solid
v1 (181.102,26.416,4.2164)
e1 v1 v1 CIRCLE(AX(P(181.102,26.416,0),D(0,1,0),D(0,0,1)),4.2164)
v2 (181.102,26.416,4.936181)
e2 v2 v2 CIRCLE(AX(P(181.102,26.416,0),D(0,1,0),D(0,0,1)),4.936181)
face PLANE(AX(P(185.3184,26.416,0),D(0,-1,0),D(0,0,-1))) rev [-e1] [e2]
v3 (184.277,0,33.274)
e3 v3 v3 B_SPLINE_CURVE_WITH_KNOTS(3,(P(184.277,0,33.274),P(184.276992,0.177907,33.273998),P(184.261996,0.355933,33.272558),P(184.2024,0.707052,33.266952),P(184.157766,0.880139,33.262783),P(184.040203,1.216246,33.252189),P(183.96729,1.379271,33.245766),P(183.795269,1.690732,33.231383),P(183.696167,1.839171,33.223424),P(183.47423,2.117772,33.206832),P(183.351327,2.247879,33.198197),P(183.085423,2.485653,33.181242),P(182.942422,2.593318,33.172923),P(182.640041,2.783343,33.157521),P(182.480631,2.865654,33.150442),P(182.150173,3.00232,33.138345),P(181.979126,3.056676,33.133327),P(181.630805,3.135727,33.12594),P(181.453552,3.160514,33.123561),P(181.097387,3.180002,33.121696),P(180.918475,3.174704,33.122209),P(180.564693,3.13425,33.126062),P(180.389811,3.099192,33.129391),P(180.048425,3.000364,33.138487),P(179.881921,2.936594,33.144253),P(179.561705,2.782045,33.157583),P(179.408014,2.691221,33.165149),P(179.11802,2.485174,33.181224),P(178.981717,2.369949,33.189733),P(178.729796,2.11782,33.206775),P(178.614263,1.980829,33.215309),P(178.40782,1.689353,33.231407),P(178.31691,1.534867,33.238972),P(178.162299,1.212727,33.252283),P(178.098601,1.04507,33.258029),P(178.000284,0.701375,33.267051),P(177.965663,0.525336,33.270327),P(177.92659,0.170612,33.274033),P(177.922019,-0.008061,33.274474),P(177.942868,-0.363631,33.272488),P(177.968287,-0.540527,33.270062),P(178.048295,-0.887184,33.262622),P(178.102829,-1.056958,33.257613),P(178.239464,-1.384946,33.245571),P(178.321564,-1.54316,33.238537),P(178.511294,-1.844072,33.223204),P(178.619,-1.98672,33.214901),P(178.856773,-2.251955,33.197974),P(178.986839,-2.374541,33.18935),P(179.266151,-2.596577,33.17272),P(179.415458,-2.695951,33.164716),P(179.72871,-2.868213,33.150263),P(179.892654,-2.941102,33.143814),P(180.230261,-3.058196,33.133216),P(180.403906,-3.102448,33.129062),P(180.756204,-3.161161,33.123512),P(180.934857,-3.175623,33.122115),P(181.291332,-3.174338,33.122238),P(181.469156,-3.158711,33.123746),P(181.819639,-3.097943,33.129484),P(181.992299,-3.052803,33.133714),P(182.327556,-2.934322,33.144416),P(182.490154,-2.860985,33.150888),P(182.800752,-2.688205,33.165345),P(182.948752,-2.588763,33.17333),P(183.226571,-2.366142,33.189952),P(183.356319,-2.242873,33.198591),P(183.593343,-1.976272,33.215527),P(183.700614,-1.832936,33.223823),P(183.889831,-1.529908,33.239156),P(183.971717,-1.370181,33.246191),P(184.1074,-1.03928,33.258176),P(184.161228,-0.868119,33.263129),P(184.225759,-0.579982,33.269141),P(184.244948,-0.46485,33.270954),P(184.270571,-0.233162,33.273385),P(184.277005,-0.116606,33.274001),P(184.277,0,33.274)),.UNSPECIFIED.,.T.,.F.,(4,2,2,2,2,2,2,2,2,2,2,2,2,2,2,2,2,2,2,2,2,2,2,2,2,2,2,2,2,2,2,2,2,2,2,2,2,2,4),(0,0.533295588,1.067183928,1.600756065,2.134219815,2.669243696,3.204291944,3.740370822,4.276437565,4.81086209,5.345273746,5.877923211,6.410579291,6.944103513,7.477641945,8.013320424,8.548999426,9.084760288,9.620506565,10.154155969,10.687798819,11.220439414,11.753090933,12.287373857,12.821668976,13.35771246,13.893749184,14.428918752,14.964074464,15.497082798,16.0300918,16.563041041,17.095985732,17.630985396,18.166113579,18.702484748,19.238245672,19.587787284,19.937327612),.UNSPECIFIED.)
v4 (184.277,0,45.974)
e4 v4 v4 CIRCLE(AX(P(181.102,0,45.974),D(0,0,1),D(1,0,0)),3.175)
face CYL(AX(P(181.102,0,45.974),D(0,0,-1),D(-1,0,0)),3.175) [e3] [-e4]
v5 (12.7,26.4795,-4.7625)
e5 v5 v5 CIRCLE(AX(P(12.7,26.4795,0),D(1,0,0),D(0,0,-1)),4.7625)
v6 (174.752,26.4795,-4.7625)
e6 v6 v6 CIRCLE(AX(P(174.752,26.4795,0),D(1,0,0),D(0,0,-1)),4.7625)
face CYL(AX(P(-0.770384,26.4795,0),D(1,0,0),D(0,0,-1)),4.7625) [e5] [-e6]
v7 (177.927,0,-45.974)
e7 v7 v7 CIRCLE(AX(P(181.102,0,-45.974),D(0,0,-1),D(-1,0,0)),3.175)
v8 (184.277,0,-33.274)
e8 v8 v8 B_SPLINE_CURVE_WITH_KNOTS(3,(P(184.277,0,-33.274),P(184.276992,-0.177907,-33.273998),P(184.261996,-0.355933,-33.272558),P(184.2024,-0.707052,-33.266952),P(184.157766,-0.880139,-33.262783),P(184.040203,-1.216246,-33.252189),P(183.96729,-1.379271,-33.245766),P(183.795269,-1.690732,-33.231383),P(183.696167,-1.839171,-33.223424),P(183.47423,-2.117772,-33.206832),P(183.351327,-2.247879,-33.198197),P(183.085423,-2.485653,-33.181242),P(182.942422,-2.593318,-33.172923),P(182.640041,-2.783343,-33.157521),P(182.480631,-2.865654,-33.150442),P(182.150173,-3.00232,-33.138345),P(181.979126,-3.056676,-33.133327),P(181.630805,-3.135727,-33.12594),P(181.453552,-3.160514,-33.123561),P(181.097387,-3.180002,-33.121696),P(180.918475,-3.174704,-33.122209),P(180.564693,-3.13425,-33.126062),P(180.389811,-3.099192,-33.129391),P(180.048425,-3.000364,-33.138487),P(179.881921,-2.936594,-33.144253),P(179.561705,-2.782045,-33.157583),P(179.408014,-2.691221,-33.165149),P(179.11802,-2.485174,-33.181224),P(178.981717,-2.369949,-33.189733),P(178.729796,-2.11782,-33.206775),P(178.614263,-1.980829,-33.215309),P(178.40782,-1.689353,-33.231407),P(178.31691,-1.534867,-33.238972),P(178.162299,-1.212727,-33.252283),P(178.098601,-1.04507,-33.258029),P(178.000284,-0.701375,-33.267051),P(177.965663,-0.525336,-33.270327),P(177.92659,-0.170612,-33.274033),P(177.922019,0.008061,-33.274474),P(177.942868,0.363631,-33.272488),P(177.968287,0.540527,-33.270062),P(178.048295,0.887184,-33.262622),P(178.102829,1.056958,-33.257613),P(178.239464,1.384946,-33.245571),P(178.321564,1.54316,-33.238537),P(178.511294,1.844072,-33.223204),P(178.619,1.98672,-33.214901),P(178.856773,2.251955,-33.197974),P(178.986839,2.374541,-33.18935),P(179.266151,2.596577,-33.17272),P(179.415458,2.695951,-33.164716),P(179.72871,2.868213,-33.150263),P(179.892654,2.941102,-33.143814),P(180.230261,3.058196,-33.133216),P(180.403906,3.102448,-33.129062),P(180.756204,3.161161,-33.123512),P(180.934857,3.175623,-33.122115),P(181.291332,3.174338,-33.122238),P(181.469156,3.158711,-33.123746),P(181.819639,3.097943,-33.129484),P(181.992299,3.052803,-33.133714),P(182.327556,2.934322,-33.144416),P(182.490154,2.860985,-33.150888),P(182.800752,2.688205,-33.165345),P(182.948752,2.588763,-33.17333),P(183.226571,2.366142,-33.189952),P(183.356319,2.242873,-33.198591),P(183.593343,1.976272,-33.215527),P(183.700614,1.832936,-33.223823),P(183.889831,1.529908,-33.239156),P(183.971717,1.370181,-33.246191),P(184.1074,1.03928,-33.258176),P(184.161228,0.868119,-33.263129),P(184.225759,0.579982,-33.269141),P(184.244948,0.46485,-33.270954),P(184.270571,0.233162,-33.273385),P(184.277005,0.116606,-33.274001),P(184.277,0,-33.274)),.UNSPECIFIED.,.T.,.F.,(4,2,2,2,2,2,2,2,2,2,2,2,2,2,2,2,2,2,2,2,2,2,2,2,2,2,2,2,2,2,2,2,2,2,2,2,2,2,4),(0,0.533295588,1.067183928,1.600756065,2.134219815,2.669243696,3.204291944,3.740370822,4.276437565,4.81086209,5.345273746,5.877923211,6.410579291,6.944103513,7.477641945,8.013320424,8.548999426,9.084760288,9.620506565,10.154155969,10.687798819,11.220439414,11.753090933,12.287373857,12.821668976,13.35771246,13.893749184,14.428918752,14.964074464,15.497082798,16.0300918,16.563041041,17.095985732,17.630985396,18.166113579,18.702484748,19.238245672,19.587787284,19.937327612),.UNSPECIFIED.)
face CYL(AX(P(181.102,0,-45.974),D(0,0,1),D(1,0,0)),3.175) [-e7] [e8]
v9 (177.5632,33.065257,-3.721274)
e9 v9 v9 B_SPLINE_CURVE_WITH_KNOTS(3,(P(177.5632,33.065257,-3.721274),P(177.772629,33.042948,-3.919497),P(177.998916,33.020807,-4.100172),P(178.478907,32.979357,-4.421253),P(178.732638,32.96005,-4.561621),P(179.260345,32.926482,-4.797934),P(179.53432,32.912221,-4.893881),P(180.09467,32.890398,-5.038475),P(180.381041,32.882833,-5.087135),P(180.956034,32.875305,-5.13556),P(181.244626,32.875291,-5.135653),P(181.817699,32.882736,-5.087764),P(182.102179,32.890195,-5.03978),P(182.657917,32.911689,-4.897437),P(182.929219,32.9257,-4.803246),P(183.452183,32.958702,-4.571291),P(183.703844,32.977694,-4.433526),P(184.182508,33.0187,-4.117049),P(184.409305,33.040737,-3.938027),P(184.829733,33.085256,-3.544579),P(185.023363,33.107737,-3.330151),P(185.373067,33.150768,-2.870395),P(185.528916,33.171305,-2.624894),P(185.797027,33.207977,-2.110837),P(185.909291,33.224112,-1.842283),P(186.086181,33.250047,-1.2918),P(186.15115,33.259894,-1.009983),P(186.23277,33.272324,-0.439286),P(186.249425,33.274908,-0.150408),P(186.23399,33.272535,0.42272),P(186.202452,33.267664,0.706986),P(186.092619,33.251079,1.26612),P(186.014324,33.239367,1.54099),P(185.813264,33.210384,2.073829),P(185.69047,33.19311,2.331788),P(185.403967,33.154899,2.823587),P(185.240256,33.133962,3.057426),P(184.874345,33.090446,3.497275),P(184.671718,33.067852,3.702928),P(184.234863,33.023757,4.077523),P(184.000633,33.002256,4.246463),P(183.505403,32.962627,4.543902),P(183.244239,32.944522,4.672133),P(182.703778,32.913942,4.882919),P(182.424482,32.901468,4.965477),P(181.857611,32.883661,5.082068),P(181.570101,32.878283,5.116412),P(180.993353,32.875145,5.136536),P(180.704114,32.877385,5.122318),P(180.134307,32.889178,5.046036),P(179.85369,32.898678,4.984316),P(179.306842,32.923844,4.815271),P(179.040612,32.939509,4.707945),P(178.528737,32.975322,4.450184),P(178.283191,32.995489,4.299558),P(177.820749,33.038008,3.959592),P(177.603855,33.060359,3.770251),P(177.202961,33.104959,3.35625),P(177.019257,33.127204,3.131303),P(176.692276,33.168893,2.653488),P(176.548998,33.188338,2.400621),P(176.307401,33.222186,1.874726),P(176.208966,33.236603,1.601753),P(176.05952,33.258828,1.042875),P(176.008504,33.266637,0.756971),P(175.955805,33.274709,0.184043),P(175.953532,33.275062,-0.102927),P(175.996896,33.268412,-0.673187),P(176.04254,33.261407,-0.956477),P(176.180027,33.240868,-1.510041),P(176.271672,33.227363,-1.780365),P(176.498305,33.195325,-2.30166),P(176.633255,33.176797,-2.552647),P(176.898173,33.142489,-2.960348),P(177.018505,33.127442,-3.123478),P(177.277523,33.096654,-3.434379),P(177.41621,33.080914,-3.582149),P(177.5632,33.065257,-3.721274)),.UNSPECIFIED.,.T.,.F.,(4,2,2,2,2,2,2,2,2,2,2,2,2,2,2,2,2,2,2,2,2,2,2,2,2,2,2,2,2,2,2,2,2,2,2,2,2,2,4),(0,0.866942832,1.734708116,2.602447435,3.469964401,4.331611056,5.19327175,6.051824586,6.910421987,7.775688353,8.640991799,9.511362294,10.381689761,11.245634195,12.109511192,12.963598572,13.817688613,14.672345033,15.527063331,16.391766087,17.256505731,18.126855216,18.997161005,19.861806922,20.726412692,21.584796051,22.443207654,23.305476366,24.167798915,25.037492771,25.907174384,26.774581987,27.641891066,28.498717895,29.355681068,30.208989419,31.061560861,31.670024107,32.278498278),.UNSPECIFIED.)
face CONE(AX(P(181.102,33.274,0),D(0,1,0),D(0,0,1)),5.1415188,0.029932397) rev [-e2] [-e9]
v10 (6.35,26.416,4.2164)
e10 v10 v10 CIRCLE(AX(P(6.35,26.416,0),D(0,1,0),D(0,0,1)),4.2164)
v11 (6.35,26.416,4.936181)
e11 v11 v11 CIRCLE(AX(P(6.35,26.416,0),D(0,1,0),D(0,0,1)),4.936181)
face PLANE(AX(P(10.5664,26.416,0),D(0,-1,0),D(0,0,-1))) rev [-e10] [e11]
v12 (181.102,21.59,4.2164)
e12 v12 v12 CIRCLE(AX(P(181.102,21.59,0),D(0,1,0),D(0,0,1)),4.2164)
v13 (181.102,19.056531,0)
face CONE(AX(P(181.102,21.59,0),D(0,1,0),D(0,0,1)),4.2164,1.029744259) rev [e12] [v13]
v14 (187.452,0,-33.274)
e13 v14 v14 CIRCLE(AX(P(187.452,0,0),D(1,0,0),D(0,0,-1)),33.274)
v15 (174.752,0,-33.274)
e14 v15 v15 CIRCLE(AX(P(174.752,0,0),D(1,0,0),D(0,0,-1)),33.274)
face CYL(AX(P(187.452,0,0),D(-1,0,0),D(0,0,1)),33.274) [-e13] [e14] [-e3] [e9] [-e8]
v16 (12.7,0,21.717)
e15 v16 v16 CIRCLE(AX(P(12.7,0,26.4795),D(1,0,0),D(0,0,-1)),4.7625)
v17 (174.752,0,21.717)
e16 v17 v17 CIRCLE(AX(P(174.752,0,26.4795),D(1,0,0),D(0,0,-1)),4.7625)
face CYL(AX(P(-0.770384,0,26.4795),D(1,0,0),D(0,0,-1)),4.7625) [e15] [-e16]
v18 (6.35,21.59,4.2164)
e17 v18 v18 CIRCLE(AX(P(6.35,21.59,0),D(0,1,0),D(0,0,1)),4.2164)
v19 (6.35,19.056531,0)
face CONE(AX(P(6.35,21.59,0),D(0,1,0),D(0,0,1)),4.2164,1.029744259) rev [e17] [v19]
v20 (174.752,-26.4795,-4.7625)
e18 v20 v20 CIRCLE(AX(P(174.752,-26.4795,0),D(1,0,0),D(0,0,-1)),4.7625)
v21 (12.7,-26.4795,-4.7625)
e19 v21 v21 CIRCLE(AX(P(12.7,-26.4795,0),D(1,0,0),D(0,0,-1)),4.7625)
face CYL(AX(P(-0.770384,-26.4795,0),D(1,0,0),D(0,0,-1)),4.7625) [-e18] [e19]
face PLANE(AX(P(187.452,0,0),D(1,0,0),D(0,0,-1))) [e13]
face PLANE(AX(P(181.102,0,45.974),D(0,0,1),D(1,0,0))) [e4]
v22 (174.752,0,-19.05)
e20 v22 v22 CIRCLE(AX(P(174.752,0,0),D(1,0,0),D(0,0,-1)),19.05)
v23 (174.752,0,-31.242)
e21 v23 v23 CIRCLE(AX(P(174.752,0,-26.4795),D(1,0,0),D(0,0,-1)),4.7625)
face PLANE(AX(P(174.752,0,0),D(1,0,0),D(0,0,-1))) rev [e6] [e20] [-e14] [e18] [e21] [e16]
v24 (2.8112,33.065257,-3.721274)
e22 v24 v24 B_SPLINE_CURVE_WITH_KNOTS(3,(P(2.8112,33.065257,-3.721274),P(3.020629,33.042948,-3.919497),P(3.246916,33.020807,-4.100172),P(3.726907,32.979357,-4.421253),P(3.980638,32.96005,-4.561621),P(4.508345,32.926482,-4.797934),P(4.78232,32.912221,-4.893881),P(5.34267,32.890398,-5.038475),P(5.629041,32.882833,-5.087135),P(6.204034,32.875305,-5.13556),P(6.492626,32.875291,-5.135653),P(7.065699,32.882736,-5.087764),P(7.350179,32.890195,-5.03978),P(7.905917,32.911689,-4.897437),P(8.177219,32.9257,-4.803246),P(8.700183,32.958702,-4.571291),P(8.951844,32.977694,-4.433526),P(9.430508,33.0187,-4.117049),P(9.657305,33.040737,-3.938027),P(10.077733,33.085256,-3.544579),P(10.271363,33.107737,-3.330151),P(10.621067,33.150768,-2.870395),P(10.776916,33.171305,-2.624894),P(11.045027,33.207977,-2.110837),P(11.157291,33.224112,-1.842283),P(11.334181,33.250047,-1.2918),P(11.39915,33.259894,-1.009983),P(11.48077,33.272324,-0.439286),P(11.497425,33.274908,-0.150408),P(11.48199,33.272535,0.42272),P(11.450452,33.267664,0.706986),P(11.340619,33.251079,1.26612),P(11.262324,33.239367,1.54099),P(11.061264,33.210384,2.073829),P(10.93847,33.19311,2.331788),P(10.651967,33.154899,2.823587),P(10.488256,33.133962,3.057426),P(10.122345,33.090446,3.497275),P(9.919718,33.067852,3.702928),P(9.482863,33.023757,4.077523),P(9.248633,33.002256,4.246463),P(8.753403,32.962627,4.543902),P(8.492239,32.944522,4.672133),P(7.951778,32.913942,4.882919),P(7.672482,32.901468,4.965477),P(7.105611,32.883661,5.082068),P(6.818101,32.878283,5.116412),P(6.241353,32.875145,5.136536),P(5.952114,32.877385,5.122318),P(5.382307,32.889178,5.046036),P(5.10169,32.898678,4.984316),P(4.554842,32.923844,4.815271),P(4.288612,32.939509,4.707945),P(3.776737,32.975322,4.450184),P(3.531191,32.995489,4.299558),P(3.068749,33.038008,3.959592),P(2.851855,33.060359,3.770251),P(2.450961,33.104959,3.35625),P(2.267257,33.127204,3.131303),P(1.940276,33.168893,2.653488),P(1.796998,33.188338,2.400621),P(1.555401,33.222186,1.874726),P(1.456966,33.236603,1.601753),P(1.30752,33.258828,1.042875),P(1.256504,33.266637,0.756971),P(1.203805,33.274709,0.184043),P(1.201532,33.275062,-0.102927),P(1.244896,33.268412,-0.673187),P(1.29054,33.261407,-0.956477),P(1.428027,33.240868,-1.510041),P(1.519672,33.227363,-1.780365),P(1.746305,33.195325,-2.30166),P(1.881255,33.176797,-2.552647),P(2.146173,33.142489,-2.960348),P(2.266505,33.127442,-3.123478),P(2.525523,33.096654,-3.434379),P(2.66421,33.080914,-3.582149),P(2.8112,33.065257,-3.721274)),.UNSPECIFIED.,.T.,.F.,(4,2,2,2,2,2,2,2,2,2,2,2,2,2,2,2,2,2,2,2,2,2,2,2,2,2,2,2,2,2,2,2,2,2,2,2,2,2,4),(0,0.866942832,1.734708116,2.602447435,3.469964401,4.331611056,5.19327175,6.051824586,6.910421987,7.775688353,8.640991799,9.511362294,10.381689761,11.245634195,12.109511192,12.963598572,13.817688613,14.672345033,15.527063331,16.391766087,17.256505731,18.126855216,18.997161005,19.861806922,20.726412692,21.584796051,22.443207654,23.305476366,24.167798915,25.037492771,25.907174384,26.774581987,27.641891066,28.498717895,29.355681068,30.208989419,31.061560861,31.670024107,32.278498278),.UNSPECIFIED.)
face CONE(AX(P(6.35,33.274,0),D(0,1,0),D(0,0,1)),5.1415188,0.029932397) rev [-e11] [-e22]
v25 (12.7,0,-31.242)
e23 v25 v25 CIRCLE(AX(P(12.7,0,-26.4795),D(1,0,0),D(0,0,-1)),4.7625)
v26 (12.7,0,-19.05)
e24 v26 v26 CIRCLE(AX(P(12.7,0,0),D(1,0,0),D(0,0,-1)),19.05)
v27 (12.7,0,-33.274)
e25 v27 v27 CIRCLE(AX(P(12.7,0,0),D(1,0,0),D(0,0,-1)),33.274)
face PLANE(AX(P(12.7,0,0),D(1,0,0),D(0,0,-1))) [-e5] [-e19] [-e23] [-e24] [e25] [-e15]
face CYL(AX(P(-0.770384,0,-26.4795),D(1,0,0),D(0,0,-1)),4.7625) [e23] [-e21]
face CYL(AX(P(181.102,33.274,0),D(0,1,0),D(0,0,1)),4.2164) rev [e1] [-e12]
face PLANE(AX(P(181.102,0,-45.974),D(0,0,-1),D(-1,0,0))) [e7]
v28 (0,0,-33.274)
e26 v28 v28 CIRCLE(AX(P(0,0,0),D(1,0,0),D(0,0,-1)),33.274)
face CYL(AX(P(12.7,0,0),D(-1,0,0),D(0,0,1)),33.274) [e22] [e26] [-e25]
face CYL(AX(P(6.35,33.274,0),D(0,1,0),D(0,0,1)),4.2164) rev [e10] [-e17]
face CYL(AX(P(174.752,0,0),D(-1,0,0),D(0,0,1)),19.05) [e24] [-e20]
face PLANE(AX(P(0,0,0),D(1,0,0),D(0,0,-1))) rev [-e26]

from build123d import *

# Parameters (mm, degrees)
SKETCH1_R                         = 33.274
BOSS_EXTRUDE1_DEPTH               = 12.7
SKETCH2_R                         = 19.05
BOSS_EXTRUDE2_DEPTH               = 162.052
SKETCH3_R                         = 33.274
BOSS_EXTRUDE3_DEPTH               = 12.7
SKETCH4_R                         = 4.7625
BOSS_EXTRUDE4_DEPTH               = 174.752
BOSS_EXTRUDE5_START               = -0.151825
SKETCH5_R                         = 3.175
BOSS_EXTRUDE5_DEPTH               = 12.851825
BOSS_EXTRUDE6_START               = -0.151825
SKETCH6_R                         = 3.175
BOSS_EXTRUDE6_DEPTH               = 12.851825
F_1_8_NPT_TAPPED_HOLE1_AT_2_COUNT = 2
F_1_8_NPT_TAPPED_HOLE1_AT_2_PITCH = 174.752


with BuildPart() as part:
    # Sketch1 → Boss-Extrude1 (new body)
    with BuildSketch(Plane(origin=(0, 0, 0), x_dir=(0, 0, -1), z_dir=(1, 0, 0))):
        Circle(SKETCH1_R)
    extrude(amount=BOSS_EXTRUDE1_DEPTH)

    # Sketch2 → Boss-Extrude2 (add)
    with BuildSketch(Plane(origin=(12.7, 0, 0), x_dir=(0, 0, -1), z_dir=(1, 0, 0))):
        Circle(SKETCH2_R)
    extrude(amount=BOSS_EXTRUDE2_DEPTH)

    # Sketch3 → Boss-Extrude3 (add)
    with BuildSketch(Plane(origin=(174.752, 0, 0), x_dir=(0, 0, -1), z_dir=(1, 0, 0))):
        Circle(SKETCH3_R)
    extrude(amount=BOSS_EXTRUDE3_DEPTH)

    # Sketch4 → Boss-Extrude4 (add)
    with BuildSketch(Plane(origin=(187.452, 0, 0), x_dir=(0, 0, -1), z_dir=(1, 0, 0))):
        with Locations((26.4795, 0)):
            Circle(SKETCH4_R)
        with Locations((0, -26.4795)):
            Circle(SKETCH4_R)
        with Locations((-26.4795, 0)):
            Circle(SKETCH4_R)
        with Locations((0, 26.4795)):
            Circle(SKETCH4_R)
    extrude(amount=-BOSS_EXTRUDE4_DEPTH)

    # Sketch5 → Boss-Extrude5 (add)
    with BuildSketch(Plane(origin=(0, 0, -33.274), x_dir=(-1, 0, 0), z_dir=(0, 0, -1)).offset(BOSS_EXTRUDE5_START)):
        with Locations((-181.102, 0)):
            Circle(SKETCH5_R)
    extrude(amount=BOSS_EXTRUDE5_DEPTH)

    # Sketch6 → Boss-Extrude6 (add)
    with BuildSketch(Plane.XY.offset(33.274).offset(BOSS_EXTRUDE6_START)):
        with Locations((181.102, 0)):
            Circle(SKETCH6_R)
    extrude(amount=BOSS_EXTRUDE6_DEPTH)

    # Sketch8 → 1/8 NPT Tapped Hole1 (revolve, cut)
    with BuildSketch(Plane(origin=(181.102, 33.274, 0), x_dir=(0, 0, 1), z_dir=(1, 0, 0))):
        Polygon((0, 0), (0, 14.217468714), (4.2164, 11.684), (4.2164, 6.858), (4.936181096, 6.858), (5.1415188, 0), align=None)
    f_1_8_npt_tapped_hole1 = revolve(axis=Axis((181.102, 39.624, 0), (0, -1, 0)), mode=Mode.SUBTRACT)

    # 1/8 NPT Tapped Hole1 at 2: 1/8 NPT Tapped Hole1 ×2
    with Locations(*[(-i * F_1_8_NPT_TAPPED_HOLE1_AT_2_PITCH, 0, 0) for i in range(1, F_1_8_NPT_TAPPED_HOLE1_AT_2_COUNT)]):
        add(f_1_8_npt_tapped_hole1, mode=Mode.SUBTRACT)


solid = part.part
